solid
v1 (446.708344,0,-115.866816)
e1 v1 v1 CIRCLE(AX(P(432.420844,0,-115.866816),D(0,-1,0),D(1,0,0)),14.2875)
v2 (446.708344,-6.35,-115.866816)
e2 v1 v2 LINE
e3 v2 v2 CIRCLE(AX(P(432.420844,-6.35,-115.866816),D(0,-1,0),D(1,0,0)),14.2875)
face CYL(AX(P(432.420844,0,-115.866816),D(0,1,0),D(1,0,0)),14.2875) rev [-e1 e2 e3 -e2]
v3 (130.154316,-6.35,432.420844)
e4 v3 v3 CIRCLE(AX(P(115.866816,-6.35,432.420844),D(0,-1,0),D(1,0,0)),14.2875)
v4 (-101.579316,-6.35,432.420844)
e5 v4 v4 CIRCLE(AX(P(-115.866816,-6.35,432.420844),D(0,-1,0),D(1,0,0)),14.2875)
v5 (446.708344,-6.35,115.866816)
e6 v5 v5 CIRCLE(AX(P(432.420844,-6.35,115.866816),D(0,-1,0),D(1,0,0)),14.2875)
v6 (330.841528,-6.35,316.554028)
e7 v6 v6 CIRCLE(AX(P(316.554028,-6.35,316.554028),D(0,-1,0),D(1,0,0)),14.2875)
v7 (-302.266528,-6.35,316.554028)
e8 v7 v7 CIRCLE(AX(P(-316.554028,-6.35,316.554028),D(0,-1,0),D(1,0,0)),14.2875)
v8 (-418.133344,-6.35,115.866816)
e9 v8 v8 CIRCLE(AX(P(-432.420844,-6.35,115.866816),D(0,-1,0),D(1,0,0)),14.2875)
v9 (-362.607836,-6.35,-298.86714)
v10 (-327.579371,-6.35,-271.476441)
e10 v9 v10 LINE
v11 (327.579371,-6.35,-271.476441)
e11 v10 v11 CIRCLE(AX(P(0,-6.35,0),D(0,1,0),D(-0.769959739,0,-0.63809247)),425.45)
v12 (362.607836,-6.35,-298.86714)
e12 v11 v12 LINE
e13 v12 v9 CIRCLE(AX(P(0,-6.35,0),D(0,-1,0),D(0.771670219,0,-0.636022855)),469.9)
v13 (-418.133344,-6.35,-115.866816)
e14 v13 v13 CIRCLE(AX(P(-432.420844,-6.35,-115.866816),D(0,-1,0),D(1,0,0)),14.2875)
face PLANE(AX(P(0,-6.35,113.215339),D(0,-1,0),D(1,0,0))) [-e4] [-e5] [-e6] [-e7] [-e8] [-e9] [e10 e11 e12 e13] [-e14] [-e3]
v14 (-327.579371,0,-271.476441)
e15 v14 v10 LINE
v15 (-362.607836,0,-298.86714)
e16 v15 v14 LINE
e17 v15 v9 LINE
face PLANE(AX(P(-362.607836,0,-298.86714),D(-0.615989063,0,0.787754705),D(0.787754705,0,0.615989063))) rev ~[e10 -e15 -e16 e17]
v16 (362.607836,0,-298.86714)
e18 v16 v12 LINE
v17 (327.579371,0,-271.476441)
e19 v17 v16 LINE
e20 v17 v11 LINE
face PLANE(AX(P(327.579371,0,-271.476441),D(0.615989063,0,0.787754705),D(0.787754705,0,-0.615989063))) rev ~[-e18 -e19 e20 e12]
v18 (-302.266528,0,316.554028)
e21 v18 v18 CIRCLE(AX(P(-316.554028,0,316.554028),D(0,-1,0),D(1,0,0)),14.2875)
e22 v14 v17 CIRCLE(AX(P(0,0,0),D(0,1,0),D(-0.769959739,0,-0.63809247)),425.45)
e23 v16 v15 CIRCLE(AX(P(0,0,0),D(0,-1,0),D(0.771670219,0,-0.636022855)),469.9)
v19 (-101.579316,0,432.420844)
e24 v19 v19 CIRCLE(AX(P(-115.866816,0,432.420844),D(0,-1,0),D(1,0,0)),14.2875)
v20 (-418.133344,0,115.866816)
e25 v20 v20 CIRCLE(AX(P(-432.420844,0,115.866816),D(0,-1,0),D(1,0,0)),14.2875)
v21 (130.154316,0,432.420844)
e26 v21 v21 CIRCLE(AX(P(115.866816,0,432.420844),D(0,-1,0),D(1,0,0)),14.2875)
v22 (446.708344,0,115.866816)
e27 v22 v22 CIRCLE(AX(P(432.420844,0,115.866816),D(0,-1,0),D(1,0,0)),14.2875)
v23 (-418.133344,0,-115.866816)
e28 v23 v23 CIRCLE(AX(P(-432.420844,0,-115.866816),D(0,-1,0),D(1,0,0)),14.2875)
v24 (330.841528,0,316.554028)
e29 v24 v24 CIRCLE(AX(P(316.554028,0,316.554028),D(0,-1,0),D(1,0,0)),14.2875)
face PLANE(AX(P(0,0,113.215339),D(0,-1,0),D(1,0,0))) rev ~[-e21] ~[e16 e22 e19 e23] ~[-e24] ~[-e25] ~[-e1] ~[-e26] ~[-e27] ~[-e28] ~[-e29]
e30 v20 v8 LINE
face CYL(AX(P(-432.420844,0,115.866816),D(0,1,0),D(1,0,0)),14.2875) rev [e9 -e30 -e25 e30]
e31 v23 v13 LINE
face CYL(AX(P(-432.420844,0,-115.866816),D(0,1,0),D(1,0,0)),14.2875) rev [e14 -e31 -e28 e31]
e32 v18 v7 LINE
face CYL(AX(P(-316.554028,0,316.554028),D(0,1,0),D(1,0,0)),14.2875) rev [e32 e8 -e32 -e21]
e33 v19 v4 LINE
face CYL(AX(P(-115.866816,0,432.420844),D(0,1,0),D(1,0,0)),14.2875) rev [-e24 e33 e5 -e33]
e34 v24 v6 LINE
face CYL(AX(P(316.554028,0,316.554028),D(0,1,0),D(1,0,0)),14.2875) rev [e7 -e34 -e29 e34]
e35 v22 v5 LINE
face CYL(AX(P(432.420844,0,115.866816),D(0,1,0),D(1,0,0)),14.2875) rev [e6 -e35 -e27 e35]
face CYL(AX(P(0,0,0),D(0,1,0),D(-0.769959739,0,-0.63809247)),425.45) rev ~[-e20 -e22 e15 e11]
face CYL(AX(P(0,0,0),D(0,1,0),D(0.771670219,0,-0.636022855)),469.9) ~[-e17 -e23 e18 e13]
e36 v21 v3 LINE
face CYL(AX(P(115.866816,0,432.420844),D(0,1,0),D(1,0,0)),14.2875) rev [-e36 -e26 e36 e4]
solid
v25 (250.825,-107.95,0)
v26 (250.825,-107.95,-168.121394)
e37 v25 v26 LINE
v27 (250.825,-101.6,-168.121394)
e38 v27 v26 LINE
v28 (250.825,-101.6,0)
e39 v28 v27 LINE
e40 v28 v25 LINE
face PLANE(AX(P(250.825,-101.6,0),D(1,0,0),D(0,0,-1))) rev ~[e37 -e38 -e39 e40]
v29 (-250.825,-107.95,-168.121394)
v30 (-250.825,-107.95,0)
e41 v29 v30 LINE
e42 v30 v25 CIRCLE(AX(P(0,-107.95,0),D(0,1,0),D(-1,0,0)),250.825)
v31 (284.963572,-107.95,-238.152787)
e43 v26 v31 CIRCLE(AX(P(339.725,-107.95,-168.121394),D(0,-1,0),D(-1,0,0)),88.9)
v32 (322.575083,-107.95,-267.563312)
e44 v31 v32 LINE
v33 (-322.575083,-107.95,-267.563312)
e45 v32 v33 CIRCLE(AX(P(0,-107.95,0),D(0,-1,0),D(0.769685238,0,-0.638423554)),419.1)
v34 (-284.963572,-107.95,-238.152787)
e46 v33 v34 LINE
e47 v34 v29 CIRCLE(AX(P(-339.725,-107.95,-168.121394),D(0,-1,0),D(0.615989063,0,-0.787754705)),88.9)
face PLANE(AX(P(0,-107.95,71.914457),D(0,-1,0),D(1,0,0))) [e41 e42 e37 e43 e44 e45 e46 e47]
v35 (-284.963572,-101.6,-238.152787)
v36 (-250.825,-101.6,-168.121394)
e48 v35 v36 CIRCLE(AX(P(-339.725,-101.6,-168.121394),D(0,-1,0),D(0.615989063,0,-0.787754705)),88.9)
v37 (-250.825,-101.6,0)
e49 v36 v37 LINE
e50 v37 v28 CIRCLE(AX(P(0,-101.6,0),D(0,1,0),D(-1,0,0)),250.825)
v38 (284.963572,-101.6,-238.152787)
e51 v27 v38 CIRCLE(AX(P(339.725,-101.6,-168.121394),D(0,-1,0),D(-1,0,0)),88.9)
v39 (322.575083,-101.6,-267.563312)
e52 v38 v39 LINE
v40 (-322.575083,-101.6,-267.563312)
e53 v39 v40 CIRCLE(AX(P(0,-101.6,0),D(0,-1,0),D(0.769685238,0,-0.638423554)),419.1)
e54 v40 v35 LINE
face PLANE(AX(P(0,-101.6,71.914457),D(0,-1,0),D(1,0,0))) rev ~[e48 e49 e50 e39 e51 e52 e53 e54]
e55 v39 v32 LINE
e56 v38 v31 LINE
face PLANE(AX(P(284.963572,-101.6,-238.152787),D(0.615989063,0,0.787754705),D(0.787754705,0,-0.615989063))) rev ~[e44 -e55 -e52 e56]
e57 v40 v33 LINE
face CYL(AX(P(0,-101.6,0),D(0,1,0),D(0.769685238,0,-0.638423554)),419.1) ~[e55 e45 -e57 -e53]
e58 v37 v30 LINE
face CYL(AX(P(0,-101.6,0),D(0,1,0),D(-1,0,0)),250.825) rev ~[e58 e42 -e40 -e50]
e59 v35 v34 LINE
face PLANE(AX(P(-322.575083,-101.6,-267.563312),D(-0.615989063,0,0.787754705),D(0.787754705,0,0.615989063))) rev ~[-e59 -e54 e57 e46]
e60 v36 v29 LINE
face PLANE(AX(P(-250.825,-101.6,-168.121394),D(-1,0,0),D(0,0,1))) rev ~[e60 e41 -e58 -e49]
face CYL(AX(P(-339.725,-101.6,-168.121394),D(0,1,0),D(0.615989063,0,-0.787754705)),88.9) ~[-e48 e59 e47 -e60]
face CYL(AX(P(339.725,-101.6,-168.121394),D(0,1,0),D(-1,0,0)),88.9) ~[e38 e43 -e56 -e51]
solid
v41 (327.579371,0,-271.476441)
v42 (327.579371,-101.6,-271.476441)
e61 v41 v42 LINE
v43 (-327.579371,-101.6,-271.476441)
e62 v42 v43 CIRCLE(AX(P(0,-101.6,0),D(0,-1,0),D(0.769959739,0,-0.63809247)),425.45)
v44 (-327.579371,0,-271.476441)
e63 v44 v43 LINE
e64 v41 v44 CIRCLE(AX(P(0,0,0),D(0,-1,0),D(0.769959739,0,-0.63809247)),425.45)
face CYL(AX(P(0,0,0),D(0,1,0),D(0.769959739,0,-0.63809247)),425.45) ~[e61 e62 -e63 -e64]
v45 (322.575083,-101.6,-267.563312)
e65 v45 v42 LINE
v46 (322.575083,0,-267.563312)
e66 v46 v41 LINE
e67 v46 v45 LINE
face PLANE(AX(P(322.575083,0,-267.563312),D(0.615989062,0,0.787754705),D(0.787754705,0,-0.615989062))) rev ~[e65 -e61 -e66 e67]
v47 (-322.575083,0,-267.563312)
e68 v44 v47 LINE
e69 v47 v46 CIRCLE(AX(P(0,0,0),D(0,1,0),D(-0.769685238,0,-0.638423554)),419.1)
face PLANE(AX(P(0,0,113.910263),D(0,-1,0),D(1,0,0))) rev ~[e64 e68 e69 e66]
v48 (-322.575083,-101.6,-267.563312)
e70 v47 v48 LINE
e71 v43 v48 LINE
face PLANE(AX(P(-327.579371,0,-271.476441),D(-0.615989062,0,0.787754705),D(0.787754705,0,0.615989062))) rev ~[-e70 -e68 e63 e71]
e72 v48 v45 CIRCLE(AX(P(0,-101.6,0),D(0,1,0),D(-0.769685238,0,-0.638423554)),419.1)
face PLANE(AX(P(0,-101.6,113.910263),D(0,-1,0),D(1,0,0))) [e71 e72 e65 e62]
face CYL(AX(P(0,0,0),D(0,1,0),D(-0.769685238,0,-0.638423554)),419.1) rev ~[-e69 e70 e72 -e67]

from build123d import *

# Parameters (mm, degrees)
F0_R     = 14.2875
F1_DEPTH = 6.35
F2_DEPTH = 101.6
F3_START = 101.6
F3_DEPTH = 6.35


with BuildPart() as f1:
    # F0 (on Front) → F1 (new body)
    with BuildSketch(Plane.XZ):
        with BuildLine():
            ThreePointArc((362.6078360523, -298.8671397686), (442.2643056821, -158.7711999058), (469.9, 0))
            ThreePointArc((469.9, 0), (-158.7711999058, 442.2643056821), (-362.6078360523, -298.8671397686))
            Line((-362.6078360523, -298.8671397686), (-327.5793708622, -271.4764414927))
            ThreePointArc((-327.5793708622, -271.4764414927), (-144.2897417814, 400.2351470282), (425.45, 0))
            ThreePointArc((425.45, 0), (400.2351470282, -144.2897417814), (327.5793708622, -271.4764414927))
            Line((327.5793708622, -271.4764414927), (362.6078360523, -298.8671397686))
        make_face()
        with Locations((-432.420844284, -115.8668160163)):
            Circle(F0_R, mode=Mode.SUBTRACT)
        with Locations((432.420844284, -115.8668160163)):
            Circle(F0_R, mode=Mode.SUBTRACT)
        with Locations((-432.420844284, 115.8668160163)):
            Circle(F0_R, mode=Mode.SUBTRACT)
        with Locations((-316.5540282677, 316.5540282677)):
            Circle(F0_R, mode=Mode.SUBTRACT)
        with Locations((-115.8668160163, 432.420844284)):
            Circle(F0_R, mode=Mode.SUBTRACT)
        with Locations((432.420844284, 115.8668160163)):
            Circle(F0_R, mode=Mode.SUBTRACT)
        with Locations((115.8668160163, 432.420844284)):
            Circle(F0_R, mode=Mode.SUBTRACT)
        with Locations((316.5540282677, 316.5540282677)):
            Circle(F0_R, mode=Mode.SUBTRACT)
    extrude(amount=F1_DEPTH)


with BuildPart() as f2:
    # F0 (on Front) → F2 (new body)
    with BuildSketch(Plane.XZ):
        with BuildLine():
            ThreePointArc((425.45, 0), (-144.2897417814, 400.2351470282), (-327.5793708622, -271.4764414927))
            Line((-327.5793708622, -271.4764414927), (-322.5750831737, -267.5633116021))
            ThreePointArc((-322.5750831737, -267.5633116021), (-142.2209419212, 394.2309141595), (419.1, 0))
            ThreePointArc((419.1, 0), (394.2309141595, -142.2209419212), (322.5750831737, -267.5633116021))
            Line((322.5750831737, -267.5633116021), (327.5793708622, -271.4764414927))
            ThreePointArc((327.5793708622, -271.4764414927), (400.2351470282, -144.2897417814), (425.45, 0))
        make_face()
    extrude(amount=F2_DEPTH)


with BuildPart() as f3:
    # F0 (on Front) → F3 (new body)
    with BuildSketch(Plane.XZ.offset(F3_START)):
        with BuildLine():
            ThreePointArc((419.1, 0), (-142.2209419212, 394.2309141595), (-322.5750831737, -267.5633116021))
            Line((-322.5750831737, -267.5633116021), (-284.9635723432, -238.1527867826))
            ThreePointArc((-284.9635723432, -238.1527867826), (-259.814109257, -207.0759765801), (-250.825, -168.1213935294))
            Line((-250.825, -168.1213935294), (-250.825, 0))
            ThreePointArc((-250.825, 0), (0, 250.825), (250.825, 0))
            Line((250.825, 0), (250.825, -168.1213935294))
            ThreePointArc((250.825, -168.1213935294), (259.814109257, -207.0759765801), (284.9635723432, -238.1527867826))
            Line((284.9635723432, -238.1527867826), (322.5750831737, -267.5633116021))
            ThreePointArc((322.5750831737, -267.5633116021), (394.2309141595, -142.2209419212), (419.1, 0))
        make_face()
    extrude(amount=F3_DEPTH)


solid = Compound([f1.part, f2.part, f3.part])
